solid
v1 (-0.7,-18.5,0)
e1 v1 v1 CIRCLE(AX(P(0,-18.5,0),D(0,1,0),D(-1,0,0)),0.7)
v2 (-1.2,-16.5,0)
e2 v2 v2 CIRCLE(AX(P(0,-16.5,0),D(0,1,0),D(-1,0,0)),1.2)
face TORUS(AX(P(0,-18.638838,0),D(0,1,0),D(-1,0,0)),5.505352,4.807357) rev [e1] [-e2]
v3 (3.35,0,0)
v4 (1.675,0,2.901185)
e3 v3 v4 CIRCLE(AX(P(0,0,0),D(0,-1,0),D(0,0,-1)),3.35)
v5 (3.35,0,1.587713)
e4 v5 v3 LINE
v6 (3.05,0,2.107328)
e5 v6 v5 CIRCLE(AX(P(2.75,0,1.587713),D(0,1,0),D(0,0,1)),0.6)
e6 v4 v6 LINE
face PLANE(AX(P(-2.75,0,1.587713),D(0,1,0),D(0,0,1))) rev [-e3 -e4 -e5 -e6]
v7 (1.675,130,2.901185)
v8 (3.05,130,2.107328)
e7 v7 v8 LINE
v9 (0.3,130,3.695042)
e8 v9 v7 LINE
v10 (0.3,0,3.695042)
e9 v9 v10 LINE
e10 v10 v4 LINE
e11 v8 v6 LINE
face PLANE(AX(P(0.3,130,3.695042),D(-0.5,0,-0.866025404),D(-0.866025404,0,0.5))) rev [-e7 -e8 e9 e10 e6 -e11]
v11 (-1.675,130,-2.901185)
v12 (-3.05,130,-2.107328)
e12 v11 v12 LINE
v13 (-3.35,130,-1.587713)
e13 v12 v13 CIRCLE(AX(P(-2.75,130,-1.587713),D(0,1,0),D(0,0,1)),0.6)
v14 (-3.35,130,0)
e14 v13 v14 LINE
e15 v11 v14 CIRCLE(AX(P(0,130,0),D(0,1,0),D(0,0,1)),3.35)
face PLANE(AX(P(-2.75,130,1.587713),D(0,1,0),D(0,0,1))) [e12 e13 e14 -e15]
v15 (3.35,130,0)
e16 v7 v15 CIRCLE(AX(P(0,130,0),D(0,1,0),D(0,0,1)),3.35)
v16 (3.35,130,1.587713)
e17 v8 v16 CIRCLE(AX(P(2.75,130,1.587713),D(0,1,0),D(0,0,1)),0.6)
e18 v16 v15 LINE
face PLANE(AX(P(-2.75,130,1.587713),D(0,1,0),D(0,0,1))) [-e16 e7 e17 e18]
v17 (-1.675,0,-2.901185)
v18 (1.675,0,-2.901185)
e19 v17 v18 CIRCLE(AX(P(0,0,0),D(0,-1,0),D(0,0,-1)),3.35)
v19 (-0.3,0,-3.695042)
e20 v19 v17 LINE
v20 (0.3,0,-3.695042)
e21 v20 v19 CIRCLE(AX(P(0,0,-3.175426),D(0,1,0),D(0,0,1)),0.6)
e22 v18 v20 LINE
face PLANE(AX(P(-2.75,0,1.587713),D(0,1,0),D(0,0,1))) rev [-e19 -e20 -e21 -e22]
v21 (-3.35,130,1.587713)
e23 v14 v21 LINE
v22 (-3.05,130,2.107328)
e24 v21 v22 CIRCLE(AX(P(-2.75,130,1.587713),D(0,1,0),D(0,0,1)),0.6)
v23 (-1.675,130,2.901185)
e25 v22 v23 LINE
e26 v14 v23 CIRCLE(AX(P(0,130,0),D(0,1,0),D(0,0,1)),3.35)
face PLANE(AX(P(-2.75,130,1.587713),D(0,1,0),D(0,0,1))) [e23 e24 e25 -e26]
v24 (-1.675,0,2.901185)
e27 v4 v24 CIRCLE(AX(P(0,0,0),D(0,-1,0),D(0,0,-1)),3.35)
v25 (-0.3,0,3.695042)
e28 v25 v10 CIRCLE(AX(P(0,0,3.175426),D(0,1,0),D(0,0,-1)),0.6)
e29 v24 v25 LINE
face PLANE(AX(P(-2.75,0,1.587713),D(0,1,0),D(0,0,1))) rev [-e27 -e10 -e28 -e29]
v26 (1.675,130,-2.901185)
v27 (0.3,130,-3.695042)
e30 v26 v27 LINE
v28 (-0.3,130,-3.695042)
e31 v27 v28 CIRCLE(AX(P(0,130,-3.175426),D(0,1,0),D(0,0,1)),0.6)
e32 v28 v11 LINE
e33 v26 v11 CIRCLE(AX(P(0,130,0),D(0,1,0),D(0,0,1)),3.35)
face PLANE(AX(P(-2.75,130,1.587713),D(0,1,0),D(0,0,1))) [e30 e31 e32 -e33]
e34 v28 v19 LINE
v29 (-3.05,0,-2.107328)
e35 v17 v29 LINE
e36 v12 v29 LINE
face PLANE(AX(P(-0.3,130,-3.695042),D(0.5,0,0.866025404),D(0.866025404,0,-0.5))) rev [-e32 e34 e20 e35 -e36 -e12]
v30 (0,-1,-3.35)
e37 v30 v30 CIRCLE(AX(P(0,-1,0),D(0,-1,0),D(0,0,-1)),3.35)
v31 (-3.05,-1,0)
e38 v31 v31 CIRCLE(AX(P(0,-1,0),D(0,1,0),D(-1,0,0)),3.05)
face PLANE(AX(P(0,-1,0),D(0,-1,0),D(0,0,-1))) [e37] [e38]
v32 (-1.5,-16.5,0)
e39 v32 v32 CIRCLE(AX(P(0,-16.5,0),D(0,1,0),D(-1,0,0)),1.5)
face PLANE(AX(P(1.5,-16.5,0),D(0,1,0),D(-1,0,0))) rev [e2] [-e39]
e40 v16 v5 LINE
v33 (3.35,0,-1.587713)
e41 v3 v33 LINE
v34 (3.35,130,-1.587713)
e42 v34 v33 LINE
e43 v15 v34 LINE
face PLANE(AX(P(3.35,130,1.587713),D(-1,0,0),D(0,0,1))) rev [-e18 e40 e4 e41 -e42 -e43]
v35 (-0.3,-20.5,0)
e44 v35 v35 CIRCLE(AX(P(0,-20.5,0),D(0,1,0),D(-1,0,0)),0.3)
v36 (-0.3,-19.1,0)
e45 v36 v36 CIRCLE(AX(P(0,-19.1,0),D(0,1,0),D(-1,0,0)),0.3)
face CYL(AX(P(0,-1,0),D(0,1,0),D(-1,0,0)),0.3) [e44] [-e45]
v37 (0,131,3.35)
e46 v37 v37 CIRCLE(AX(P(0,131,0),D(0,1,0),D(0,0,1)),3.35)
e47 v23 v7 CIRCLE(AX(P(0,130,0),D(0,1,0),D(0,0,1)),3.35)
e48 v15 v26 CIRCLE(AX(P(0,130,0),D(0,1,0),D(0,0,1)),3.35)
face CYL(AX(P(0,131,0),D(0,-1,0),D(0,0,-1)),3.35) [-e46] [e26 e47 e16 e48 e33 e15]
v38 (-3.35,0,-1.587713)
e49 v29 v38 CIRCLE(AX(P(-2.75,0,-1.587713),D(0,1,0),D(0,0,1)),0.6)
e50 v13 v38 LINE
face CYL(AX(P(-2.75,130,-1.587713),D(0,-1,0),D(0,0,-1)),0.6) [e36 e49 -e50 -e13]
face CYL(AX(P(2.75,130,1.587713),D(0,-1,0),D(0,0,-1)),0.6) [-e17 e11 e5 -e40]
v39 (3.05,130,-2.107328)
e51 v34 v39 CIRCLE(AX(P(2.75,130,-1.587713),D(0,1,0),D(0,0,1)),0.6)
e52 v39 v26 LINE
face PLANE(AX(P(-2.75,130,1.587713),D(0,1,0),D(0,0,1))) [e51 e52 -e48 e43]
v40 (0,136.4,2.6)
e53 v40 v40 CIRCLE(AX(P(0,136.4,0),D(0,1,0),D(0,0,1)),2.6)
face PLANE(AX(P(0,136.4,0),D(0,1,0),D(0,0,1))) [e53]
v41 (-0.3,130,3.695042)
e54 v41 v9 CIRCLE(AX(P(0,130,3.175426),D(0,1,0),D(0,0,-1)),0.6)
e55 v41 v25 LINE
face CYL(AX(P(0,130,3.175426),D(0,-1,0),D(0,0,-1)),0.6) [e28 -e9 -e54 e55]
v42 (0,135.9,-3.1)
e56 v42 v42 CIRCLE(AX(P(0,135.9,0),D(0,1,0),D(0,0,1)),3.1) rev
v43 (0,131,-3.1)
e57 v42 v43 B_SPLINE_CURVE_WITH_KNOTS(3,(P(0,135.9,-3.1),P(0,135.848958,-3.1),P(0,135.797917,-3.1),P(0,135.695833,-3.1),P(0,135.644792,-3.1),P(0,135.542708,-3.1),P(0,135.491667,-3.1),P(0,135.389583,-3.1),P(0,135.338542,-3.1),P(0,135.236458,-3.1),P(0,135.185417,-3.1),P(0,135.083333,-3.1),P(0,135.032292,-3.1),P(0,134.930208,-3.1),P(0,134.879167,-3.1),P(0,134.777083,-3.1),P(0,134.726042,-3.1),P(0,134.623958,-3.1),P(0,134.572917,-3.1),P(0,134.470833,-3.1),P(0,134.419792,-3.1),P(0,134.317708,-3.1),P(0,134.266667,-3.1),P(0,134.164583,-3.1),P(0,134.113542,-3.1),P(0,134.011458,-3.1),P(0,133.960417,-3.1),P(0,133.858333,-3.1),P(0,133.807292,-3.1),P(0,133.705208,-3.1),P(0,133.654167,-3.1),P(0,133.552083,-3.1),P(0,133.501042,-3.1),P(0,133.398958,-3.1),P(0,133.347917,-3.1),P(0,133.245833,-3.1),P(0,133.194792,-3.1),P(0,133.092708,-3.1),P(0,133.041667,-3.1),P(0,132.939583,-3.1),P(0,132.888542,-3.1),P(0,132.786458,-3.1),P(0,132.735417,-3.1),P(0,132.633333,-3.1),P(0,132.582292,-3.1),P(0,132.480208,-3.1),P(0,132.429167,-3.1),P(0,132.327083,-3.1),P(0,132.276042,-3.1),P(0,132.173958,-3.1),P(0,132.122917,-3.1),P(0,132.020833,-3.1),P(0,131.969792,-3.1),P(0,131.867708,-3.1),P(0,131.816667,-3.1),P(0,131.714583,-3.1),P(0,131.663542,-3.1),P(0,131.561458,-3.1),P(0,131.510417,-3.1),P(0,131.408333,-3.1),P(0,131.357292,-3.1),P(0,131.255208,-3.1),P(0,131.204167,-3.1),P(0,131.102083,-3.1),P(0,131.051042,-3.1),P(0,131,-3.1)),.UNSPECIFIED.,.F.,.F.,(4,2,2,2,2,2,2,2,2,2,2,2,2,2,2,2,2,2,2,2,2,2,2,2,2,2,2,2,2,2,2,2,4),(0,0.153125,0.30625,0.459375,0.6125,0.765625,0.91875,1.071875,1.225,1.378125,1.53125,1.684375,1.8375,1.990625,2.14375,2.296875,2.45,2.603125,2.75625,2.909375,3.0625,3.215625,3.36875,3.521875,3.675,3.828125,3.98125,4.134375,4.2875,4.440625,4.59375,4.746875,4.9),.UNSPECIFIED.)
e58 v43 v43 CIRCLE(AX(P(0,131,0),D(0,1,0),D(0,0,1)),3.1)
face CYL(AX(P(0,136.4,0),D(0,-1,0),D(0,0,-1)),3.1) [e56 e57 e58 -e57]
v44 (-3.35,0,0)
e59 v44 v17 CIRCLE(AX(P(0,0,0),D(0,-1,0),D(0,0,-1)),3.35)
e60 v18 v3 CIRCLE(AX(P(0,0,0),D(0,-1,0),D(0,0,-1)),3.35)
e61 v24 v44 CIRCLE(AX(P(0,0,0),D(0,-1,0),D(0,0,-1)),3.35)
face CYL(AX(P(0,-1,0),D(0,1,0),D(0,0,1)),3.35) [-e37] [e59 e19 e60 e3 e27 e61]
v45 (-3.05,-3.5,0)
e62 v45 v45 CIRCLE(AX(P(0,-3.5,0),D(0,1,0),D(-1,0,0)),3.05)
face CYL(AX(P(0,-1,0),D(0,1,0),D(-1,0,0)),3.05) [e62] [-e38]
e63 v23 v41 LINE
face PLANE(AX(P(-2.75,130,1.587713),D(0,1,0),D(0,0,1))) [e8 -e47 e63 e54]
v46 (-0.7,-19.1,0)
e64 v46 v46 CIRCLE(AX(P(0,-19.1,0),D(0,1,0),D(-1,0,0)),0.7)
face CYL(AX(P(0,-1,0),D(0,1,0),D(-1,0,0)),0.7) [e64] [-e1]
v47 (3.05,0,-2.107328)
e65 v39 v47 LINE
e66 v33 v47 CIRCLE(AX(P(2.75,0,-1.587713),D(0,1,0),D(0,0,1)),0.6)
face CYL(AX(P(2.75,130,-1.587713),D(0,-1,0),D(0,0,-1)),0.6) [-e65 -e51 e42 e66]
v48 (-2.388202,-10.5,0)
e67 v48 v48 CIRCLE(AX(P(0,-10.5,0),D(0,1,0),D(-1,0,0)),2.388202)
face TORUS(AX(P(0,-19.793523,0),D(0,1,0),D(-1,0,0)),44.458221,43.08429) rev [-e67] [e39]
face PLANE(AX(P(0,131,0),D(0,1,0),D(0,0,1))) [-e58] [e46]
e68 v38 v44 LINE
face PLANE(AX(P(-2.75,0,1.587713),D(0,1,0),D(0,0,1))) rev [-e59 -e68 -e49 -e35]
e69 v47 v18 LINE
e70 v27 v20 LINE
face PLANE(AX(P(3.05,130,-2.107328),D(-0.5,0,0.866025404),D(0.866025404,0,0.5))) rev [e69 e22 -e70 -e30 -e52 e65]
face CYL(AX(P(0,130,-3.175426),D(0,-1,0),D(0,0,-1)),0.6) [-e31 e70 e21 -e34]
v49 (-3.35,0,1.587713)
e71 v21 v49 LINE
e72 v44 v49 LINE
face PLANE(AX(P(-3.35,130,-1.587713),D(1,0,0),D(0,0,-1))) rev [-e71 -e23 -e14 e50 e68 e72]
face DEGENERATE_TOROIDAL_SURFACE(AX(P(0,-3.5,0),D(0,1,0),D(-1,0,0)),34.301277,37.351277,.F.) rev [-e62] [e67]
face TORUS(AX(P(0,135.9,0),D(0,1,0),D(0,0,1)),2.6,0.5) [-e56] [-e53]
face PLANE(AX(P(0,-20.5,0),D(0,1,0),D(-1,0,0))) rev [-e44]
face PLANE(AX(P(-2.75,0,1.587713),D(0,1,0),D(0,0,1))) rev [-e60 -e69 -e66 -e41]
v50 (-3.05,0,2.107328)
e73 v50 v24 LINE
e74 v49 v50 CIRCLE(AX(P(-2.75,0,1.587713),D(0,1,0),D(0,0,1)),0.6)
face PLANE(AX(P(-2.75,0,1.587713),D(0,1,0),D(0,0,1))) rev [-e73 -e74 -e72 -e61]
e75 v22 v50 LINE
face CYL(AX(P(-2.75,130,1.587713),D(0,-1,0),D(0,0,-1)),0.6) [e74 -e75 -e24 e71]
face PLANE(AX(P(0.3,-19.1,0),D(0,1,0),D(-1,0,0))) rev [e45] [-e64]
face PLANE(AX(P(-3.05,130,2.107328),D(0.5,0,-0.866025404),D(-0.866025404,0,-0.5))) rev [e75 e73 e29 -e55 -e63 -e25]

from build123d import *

# Parameters (mm, degrees)
RESSALTO_EXTRUS_O1_DEPTH = 130
ESBO_O2_R                = 3.35
RESSALTO_EXTRUS_O2_DEPTH = 1
ESBO_O3_R                = 3.1
RESSALTO_EXTRUS_O3_DEPTH = 5.4
FILETE1_R                = 0.5
RESSALTO_EXTRUS_O4_START = 1
ESBO_O4_R                = 3.35
RESSALTO_EXTRUS_O4_DEPTH = 1


with BuildPart() as part:
    # Esboço1 → Ressalto-extrusão1 (new body)
    with BuildSketch(Plane(origin=(0, 0, 0), x_dir=(1, 0, 0), z_dir=(0, 1, 0))):
        with BuildLine():
            Line((0.3, -3.695041723), (3.05, -2.107328483))
            ThreePointArc((3.05, -2.107328483), (3.269615242, -1.88771324), (3.35, -1.58771324))
            Line((3.35, -1.58771324), (3.35, 1.58771324))
            ThreePointArc((3.35, 1.58771324), (3.269615242, 1.88771324), (3.05, 2.107328483))
            Line((3.05, 2.107328483), (0.3, 3.695041723))
            ThreePointArc((0.3, 3.695041723), (0, 3.775426481), (-0.3, 3.695041723))
            Line((-0.3, 3.695041723), (-3.05, 2.107328483))
            ThreePointArc((-3.05, 2.107328483), (-3.269615242, 1.88771324), (-3.35, 1.58771324))
            Line((-3.35, 1.58771324), (-3.35, -1.58771324))
            ThreePointArc((-3.35, -1.58771324), (-3.269615242, -1.88771324), (-3.05, -2.107328483))
            Line((-3.05, -2.107328483), (-0.3, -3.695041723))
            ThreePointArc((-0.3, -3.695041723), (0, -3.775426481), (0.3, -3.695041723))
        make_face()
    extrude(amount=RESSALTO_EXTRUS_O1_DEPTH)

    # Esboço2 → Ressalto-extrusão2 (add)
    with BuildSketch(Plane(origin=(0, 130, 0), x_dir=(1, 0, 0), z_dir=(0, 1, 0))):
        with Locations(Location((0, 0, 0), (0, 0, 60))):
            Circle(ESBO_O2_R)
    extrude(amount=RESSALTO_EXTRUS_O2_DEPTH)

    # Esboço3 → Ressalto-extrusão3 (add)
    with BuildSketch(Plane(origin=(0, 131, 0), x_dir=(1, 0, 0), z_dir=(0, 1, 0))):
        with Locations(Location((0, 0, 0), (0, 0, 90))):
            Circle(ESBO_O3_R)
    extrude(amount=RESSALTO_EXTRUS_O3_DEPTH)

    # Filete1
    filete1_edges = [part.edges().sort_by_distance(p)[0] for p in [
        (0, 136.4, 3.1),
    ]]
    fillet(filete1_edges, radius=FILETE1_R)

    # Esboço4 → Ressalto-extrusão4 (add)
    with BuildSketch(Plane.XZ.offset(RESSALTO_EXTRUS_O4_START)):
        with Locations(Location((0, 0, 0), (0, 0, 300))):
            Circle(ESBO_O4_R)
    extrude(amount=-RESSALTO_EXTRUS_O4_DEPTH)

    # Esboço5 → Revolução1 (revolve)
    with BuildSketch(Plane.XY, mode=Mode.PRIVATE) as revolu_o1_sk:
        with BuildLine():
            Line((3.05, -1), (3.05, -3.5))
            ThreePointArc((3.05, -3.5), (2.884182518, -7.015607207), (2.388202336, -10.5))
            ThreePointArc((2.388202336, -10.5), (1.838385418, -13.484350504), (1.5, -16.5))
            Line((1.5, -16.5), (1.2, -16.5))
            ThreePointArc((1.2, -16.5), (0.8415304, -17.4728826), (0.7, -18.5))
            Line((0.7, -18.5), (0.7, -19.1))
            Line((0.7, -19.1), (0.3, -19.1))
            Line((0.3, -19.1), (0.3, -20.5))
            Line((0.3, -20.5), (0, -20.5))
            Line((0, -20.5), (0, -1))
            Line((0, -1), (3.05, -1))
        make_face()
    revolve(revolu_o1_sk.sketch.rotate(Axis((0, -1, 0), (0, -1, 0)), 180), axis=Axis((0, -1, 0), (0, -1, 0)))


solid = part.part
